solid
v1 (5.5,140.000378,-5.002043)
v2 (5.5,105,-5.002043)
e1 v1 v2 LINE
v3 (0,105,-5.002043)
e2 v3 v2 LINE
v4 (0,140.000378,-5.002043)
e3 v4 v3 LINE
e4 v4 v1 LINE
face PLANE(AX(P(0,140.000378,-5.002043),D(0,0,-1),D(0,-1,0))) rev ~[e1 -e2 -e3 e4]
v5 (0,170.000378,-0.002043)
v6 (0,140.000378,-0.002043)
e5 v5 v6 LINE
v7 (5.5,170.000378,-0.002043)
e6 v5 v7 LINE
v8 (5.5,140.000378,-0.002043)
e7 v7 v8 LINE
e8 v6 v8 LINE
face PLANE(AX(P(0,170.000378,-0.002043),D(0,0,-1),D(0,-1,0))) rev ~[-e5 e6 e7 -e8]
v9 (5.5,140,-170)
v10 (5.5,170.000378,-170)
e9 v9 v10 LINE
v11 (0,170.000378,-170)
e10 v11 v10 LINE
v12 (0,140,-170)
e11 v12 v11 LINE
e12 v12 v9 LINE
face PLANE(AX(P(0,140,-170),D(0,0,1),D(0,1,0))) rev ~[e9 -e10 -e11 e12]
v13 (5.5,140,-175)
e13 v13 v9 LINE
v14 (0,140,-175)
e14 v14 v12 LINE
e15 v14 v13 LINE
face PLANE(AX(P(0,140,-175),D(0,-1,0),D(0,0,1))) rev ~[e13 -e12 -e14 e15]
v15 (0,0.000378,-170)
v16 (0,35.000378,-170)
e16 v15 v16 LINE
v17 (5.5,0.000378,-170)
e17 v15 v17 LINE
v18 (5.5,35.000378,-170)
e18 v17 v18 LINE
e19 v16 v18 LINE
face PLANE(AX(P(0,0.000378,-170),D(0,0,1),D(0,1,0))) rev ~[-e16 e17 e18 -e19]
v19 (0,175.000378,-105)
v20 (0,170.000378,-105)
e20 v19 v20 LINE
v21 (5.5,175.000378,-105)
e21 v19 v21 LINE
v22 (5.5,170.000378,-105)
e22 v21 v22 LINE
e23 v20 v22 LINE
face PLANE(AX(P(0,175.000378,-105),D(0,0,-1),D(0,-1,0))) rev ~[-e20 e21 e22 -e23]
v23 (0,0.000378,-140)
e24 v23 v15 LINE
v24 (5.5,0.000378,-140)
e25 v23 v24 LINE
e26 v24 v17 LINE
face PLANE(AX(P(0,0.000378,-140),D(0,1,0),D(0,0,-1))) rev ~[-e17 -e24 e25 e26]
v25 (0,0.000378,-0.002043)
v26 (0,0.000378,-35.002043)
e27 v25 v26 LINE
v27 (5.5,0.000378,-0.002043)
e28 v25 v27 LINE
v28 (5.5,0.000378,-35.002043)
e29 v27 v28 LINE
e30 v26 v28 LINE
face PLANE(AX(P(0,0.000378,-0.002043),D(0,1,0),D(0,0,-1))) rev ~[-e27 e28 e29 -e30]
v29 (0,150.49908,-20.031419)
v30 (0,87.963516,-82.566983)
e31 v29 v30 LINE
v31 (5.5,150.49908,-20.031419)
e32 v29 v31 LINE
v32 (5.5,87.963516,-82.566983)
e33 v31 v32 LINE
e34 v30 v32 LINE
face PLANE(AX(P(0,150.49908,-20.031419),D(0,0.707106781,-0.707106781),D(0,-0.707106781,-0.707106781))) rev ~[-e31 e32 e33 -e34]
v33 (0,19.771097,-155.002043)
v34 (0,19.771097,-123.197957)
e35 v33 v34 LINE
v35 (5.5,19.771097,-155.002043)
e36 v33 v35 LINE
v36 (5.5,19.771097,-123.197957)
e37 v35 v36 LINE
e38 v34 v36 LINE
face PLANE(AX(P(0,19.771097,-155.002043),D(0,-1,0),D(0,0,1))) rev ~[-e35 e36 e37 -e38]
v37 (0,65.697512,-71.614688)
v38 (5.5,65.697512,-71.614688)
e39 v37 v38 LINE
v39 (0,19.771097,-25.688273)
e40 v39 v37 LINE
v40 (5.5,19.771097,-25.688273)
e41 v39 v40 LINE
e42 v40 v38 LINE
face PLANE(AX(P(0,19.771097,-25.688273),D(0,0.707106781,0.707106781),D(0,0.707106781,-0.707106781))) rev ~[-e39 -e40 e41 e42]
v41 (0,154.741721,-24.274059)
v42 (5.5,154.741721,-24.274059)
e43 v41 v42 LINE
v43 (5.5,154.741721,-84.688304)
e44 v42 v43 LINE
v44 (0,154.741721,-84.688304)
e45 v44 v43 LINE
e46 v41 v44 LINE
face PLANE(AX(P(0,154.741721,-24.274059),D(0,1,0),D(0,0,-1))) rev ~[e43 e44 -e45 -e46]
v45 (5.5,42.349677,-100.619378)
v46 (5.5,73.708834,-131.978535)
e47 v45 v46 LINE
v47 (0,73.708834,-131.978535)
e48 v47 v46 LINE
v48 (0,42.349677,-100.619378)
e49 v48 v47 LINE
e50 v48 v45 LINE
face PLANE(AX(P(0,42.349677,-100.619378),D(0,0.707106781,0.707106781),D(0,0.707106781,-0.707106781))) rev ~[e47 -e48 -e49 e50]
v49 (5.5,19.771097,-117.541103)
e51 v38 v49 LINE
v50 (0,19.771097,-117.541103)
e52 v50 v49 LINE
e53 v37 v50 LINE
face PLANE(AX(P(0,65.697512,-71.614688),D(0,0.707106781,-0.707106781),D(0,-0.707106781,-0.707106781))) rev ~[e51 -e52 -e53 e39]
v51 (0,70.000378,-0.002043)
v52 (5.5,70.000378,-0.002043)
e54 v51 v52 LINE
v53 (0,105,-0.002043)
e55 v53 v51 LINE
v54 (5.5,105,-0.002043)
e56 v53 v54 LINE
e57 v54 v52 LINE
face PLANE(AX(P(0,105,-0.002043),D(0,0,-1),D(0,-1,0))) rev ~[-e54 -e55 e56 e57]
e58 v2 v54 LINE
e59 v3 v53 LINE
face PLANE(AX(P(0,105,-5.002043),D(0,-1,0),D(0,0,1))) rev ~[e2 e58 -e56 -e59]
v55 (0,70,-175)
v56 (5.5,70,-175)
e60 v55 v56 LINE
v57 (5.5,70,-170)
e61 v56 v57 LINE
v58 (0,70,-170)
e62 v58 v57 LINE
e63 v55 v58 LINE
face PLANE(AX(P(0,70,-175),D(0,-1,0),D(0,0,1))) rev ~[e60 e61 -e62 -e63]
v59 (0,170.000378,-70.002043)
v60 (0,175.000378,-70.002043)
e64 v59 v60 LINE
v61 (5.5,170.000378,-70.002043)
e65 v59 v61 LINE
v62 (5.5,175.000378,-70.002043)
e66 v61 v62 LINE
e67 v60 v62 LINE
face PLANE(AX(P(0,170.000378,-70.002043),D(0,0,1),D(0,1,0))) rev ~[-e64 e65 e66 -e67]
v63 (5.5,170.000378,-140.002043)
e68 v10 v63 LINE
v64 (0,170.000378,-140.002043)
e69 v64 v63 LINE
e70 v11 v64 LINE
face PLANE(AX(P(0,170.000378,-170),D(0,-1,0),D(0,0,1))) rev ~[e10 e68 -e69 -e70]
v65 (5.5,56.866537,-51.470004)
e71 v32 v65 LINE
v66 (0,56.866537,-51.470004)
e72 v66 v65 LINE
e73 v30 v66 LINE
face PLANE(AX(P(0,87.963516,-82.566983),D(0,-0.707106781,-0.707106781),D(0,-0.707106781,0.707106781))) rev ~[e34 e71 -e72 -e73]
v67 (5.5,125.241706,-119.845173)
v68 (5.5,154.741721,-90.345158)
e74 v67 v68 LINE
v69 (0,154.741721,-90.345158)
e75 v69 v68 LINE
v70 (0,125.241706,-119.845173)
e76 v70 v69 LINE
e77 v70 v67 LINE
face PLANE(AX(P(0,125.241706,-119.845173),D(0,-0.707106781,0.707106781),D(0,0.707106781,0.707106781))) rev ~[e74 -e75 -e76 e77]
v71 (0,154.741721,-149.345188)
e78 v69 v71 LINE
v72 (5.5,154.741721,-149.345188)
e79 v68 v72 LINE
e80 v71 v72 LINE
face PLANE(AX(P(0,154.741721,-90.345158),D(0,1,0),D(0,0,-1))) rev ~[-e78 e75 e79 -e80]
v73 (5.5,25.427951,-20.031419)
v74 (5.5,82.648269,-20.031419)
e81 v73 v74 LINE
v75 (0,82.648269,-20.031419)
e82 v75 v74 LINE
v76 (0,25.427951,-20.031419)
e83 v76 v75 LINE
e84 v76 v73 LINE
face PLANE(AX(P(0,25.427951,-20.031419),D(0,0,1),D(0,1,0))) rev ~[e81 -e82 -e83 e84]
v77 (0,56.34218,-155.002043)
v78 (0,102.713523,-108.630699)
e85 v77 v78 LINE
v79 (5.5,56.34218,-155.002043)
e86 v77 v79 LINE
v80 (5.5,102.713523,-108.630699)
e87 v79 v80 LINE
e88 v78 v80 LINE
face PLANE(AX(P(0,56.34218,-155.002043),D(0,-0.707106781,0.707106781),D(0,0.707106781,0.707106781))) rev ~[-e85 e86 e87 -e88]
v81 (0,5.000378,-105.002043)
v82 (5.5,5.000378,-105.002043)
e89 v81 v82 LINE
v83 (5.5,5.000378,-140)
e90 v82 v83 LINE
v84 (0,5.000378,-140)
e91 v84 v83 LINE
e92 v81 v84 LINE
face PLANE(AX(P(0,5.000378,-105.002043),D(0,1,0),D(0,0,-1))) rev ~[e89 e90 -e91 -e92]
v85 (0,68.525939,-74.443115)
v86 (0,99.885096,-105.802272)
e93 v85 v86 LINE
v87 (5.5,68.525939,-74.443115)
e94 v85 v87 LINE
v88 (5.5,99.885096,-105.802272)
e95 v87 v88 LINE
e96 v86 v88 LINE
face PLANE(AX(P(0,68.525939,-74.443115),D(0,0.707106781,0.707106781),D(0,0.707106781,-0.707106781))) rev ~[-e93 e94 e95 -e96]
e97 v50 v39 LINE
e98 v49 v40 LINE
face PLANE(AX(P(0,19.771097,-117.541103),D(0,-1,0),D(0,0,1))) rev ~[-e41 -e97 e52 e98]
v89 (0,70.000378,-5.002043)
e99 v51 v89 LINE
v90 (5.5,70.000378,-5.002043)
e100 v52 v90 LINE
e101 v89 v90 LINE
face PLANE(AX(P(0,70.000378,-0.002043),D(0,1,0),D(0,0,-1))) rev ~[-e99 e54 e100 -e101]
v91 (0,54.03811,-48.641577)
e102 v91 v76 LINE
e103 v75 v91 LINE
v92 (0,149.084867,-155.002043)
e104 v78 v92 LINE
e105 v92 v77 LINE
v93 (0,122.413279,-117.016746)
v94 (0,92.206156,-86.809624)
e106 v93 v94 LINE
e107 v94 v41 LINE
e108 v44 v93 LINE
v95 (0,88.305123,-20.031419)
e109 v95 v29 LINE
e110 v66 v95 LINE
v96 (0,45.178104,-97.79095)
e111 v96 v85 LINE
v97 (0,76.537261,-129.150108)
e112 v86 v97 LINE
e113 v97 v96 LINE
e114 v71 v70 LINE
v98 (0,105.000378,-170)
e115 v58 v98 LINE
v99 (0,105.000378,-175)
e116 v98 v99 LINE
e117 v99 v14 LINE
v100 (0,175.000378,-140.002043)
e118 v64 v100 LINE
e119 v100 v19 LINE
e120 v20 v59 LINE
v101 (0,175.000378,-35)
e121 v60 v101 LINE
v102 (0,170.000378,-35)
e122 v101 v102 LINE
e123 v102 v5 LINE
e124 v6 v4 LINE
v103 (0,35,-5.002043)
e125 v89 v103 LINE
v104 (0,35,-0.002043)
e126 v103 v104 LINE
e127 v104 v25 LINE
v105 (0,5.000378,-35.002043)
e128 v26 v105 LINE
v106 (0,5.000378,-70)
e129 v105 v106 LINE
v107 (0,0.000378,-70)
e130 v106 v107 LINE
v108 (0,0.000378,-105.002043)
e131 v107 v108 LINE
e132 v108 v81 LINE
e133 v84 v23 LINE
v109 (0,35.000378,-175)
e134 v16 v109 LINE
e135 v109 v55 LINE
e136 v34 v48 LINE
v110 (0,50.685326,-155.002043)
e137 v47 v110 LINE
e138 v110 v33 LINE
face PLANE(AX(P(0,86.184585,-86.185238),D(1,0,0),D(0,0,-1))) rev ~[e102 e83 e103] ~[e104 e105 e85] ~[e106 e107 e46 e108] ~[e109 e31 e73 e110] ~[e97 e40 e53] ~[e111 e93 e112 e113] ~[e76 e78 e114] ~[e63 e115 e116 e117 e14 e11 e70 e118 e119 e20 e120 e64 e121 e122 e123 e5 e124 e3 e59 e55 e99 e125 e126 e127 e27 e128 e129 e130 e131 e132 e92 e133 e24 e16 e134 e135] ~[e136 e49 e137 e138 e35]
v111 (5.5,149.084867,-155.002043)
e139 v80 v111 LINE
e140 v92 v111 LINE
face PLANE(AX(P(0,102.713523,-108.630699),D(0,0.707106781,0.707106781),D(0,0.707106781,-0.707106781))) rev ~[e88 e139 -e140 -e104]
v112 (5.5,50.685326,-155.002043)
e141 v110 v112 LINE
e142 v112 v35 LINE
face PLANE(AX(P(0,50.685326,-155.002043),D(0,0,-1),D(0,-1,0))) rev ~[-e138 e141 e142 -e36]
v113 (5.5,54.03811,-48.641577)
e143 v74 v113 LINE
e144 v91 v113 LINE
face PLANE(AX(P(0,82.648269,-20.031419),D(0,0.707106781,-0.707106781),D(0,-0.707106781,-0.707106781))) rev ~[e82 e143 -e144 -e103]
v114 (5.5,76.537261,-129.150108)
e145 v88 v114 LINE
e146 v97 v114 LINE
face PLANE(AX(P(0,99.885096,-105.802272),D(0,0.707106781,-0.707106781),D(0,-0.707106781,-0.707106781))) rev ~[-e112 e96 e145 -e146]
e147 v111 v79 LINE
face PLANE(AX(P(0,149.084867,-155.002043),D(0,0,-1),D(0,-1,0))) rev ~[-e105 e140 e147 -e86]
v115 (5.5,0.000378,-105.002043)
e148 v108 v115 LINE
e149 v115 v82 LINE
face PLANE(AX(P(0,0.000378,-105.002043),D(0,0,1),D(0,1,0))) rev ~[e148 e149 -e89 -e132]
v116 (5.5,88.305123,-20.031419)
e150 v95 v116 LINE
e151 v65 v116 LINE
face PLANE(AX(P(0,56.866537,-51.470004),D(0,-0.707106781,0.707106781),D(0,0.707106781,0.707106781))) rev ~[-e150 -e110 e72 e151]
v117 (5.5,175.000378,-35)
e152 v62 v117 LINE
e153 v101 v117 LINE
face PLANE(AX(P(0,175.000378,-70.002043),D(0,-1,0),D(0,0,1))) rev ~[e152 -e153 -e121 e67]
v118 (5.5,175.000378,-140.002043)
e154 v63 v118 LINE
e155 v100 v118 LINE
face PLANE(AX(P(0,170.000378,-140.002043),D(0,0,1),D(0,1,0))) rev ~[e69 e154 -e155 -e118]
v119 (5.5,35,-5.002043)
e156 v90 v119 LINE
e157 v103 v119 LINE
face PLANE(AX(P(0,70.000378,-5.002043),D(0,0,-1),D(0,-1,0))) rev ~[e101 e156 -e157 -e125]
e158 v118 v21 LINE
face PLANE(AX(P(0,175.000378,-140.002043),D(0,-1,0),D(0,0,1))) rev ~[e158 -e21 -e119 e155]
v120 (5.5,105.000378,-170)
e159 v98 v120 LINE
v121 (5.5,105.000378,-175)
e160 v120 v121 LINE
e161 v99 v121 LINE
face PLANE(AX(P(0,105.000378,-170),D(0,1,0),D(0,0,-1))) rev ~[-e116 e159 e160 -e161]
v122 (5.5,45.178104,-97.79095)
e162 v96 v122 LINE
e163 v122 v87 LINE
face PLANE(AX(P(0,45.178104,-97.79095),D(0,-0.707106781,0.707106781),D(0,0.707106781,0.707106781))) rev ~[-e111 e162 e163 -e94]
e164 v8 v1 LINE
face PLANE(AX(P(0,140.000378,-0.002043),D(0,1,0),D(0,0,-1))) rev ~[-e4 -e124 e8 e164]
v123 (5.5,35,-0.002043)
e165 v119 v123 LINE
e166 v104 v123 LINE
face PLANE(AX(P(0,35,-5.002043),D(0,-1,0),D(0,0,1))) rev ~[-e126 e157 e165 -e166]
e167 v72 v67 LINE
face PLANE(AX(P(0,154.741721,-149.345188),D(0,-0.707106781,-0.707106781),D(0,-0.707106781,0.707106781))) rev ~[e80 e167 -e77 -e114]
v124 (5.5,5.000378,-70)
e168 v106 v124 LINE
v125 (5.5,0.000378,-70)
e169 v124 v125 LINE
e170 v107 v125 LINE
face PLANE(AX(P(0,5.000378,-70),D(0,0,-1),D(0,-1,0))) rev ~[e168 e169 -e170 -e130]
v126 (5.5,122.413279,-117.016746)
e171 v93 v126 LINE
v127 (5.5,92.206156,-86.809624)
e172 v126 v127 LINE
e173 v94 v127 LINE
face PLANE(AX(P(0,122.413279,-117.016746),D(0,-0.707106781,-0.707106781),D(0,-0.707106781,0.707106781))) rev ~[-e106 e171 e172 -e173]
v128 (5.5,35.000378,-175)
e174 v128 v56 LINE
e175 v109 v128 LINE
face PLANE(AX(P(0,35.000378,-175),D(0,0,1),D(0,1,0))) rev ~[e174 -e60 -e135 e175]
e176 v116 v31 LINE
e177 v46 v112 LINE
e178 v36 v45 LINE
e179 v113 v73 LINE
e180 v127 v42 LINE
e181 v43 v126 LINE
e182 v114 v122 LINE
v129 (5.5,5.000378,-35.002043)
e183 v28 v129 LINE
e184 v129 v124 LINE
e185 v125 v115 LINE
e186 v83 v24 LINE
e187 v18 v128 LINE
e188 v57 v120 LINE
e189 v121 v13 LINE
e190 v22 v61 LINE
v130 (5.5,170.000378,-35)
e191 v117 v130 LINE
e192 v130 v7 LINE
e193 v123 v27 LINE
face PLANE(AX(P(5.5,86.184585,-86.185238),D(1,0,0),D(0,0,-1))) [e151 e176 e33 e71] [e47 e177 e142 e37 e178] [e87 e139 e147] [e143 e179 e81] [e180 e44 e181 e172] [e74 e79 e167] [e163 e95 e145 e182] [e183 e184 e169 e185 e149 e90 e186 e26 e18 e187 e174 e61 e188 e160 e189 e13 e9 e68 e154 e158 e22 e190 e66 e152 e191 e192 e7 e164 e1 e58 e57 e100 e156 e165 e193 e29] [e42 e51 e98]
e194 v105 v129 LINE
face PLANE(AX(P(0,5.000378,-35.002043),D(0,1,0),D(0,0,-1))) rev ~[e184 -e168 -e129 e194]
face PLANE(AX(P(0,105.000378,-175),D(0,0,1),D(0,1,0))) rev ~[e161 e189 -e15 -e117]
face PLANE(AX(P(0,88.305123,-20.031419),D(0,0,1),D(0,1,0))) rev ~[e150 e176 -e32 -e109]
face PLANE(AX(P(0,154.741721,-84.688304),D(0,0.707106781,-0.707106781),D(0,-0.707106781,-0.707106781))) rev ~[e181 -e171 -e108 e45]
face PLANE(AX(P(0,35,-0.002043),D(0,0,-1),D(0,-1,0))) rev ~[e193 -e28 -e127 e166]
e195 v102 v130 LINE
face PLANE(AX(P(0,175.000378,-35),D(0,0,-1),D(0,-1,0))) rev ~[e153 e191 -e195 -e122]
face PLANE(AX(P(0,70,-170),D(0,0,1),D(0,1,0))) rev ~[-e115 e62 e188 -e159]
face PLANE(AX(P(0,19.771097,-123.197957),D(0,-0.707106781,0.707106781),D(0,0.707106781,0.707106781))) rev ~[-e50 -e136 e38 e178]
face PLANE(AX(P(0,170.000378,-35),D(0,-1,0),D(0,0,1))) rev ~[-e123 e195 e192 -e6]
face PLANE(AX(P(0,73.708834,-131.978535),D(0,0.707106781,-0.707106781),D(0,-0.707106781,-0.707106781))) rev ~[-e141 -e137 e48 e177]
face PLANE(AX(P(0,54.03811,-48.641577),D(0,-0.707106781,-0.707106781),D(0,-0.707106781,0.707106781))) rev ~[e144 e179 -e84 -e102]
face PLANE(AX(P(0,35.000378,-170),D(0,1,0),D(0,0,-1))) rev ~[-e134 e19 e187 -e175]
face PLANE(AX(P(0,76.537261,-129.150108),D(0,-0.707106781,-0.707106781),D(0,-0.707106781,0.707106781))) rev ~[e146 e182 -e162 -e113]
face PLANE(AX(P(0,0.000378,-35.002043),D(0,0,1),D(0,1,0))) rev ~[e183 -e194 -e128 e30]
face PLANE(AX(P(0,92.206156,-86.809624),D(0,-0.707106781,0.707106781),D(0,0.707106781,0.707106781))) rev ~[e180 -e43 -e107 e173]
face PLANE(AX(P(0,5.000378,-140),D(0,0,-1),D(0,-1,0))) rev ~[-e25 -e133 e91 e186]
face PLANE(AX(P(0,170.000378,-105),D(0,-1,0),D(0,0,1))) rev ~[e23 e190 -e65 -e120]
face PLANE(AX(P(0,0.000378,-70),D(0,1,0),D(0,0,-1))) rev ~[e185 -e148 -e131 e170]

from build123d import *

# Parameters (mm, degrees)
EXTRUDE_5_DEPTH = 5.5


with BuildPart() as part:
    # Эскиз1 → Бобышка-Вытянуть5 (new body)
    with BuildSketch(Plane(origin=(0, 0, 0), x_dir=(0, 0, -1), z_dir=(1, 0, 0))):
        Polygon((0.00204272, 35), (0.00204272, 0.000377999), (35.00204272, 0.000377999), (35.00204272, 5.000377999), (70, 5.000377999), (70, 0.000377999), (105.00204272, 0.000377999), (105.00204272, 5.000377999), (140, 5.000377999), (140, 0.000377999), (170, 0.000377999), (170, 35.000377999), (175, 35.000377999), (175, 70), (170, 70), (170, 105.000377999), (175, 105.000377999), (175, 140), (170, 140), (170, 170.000377999), (140.00204272, 170.000377999), (140.00204272, 175.000377999), (139.90204272, 175.000377999), (105, 175.000377999), (105, 170.000377999), (70.00204272, 170.000377999), (70.00204272, 175.000377999), (35, 175.000377999), (35, 170.000377999), (0.00204272, 170.000377999), (0.00204272, 140.000377999), (5.00204272, 140.000377999), (5.00204272, 105), (0.00204272, 105), (0.00204272, 70.000377999), (5.00204272, 70.000377999), (5.00204272, 35), align=None)
        Polygon((71.614687911, 65.697512044), (117.541103017, 19.771096938), (25.688272806, 19.771096938), align=None, mode=Mode.SUBTRACT)
        Polygon((20.031418556, 82.648268821), (48.641577373, 54.038110004), (20.031418556, 25.427951188), align=None, mode=Mode.SUBTRACT)
        Polygon((100.61937762, 42.349676584), (131.978534805, 73.708833769), (155.00204272, 50.685325854), (155.00204272, 19.771096938), (123.197957266, 19.771096938), align=None, mode=Mode.SUBTRACT)
        Polygon((105.802272221, 99.885096353), (129.15010768, 76.537260894), (97.790950495, 45.178103709), (74.443115036, 68.525939168), align=None, mode=Mode.SUBTRACT)
        Polygon((20.031418556, 150.499080414), (82.56698317, 87.963515801), (51.470004498, 56.866537129), (20.031418556, 88.30512307), align=None, mode=Mode.SUBTRACT)
        Polygon((84.688303513, 154.741721101), (117.016745992, 122.413278623), (86.809623857, 92.206156488), (24.274059243, 154.741721101), align=None, mode=Mode.SUBTRACT)
        Polygon((108.630699345, 102.713523478), (155.00204272, 149.084866852), (155.00204272, 56.342180104), align=None, mode=Mode.SUBTRACT)
        Polygon((149.34518847, 154.741721101), (119.845173116, 125.241705748), (90.345157763, 154.741721101), align=None, mode=Mode.SUBTRACT)
    extrude(amount=EXTRUDE_5_DEPTH)


solid = part.part
